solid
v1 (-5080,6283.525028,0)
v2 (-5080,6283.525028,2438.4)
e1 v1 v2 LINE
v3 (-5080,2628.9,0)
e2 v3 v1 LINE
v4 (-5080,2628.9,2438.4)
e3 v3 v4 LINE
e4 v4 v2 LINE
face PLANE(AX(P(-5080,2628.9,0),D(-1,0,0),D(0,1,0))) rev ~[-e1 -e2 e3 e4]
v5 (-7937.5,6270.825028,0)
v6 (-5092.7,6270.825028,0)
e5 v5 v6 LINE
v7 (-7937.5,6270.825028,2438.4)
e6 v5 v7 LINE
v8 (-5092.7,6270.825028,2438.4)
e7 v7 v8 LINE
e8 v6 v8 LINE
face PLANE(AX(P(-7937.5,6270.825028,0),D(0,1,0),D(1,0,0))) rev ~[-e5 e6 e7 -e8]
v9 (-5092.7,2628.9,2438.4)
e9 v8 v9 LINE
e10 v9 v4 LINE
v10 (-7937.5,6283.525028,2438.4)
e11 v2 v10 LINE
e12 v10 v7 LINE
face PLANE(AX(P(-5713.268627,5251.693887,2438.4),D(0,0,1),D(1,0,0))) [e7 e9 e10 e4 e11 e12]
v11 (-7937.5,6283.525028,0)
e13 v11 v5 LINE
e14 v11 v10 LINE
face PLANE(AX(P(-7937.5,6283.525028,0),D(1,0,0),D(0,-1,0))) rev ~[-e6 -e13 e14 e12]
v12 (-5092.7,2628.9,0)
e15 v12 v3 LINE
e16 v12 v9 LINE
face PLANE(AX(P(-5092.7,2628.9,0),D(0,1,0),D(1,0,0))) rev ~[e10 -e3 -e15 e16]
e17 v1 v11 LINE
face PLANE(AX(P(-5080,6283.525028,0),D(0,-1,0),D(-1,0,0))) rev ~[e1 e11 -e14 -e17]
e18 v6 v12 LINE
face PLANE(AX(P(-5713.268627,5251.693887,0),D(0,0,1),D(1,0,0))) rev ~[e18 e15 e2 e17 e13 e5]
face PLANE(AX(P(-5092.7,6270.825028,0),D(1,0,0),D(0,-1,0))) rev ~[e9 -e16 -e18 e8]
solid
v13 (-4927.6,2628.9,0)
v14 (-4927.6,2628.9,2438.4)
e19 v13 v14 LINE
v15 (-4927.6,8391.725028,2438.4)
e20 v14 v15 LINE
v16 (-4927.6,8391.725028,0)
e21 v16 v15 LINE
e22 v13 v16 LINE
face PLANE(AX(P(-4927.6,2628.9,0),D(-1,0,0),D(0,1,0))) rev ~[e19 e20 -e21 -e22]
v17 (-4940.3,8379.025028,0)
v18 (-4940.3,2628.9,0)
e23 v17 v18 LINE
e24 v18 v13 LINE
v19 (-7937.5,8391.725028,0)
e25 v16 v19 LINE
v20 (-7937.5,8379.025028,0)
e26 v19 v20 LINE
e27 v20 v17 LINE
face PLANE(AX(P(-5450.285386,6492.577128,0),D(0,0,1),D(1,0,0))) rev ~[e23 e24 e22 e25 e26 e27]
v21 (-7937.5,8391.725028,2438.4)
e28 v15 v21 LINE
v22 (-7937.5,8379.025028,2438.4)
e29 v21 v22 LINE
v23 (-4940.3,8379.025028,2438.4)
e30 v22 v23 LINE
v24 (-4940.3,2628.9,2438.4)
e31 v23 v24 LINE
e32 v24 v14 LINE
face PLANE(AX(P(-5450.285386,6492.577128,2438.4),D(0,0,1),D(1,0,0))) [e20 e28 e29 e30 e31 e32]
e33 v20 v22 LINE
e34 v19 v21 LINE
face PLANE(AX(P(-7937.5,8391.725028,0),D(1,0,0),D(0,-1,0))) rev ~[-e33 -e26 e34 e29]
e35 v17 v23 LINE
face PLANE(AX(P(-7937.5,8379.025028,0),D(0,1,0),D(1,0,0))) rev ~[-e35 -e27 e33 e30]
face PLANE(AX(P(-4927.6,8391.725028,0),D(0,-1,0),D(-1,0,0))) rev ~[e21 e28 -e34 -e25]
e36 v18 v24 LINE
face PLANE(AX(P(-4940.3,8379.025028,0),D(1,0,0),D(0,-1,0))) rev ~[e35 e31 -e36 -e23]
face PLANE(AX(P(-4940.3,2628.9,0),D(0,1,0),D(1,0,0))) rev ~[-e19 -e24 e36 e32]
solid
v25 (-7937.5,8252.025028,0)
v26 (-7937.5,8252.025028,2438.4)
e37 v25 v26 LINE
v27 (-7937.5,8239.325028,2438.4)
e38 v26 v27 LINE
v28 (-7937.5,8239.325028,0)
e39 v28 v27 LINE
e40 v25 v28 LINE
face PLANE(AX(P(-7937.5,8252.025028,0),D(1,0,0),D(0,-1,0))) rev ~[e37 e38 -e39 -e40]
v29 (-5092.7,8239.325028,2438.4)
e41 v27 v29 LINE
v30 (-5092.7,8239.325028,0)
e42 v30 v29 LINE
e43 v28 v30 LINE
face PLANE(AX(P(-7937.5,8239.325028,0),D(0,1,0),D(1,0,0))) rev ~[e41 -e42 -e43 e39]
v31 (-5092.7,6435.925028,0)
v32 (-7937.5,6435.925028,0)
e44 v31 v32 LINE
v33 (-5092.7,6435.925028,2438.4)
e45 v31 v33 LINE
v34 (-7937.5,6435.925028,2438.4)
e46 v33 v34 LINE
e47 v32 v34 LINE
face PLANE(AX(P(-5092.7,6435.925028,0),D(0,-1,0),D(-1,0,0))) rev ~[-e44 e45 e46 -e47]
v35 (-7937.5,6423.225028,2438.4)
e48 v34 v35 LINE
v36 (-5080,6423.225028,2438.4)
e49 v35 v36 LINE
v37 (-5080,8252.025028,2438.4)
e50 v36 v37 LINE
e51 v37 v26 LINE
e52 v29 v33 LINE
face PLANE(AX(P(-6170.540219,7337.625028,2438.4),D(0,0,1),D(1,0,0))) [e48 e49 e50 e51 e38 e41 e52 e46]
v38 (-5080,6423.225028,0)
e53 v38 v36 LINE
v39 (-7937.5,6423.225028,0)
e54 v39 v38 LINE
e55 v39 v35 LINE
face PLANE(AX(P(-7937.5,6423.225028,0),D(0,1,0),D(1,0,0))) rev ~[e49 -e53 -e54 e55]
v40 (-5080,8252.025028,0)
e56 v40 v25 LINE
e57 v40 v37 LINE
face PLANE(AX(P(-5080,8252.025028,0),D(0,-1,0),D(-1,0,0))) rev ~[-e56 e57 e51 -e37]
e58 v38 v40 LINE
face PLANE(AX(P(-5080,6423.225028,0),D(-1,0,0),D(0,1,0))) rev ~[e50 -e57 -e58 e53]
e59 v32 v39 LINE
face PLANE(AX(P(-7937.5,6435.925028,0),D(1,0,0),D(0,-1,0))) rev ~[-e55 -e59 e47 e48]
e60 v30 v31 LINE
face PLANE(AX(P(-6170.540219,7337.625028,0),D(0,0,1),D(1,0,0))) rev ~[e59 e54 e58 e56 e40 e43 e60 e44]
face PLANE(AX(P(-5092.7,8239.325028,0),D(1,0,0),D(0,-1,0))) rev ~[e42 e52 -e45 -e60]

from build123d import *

# Parameters (mm, degrees)
F1_DEPTH  = 2578.1
F2_T      = -203.2
F3_W      = 1219.2
F3_H      = 1422.4
F5_DEPTH  = 203.2
F4_W      = 139.7
F4_H      = 38.1
F4_W_2    = 38.1
F4_H_2    = 139.7
F6_DEPTH  = 2349.5
F8_DEPTH  = 2438.4
F9_DEPTH  = 152.4
F11_DEPTH = 12.7
F14_DEPTH = 2438.4


with BuildPart() as f1:
    # F0 (on Top) → F1 (new body)
    with BuildSketch(Plane.XY):
        Polygon((-2286, 16078.2), (-8280.4, 16078.2), (-8280.4, 13922.375), (-9406.501324, 13223.08125), (-9406.501324, 8900.31875), (-8280.4, 8201.025), (-8280.4, 2286), (-5283.2, 2286), (-5283.2, 0), (0, 0), (0, 7162.8), (-2286, 7162.8), align=None)
    extrude(amount=F1_DEPTH)

    # F2
    f2_openings = [f1.faces().sort_by_distance(p)[0] for p in [
        (-4762.628229, 7961.579676, 2578.1),
    ]]
    offset(amount=F2_T, openings=f2_openings)

    # F3 (on face) → F5 (cut, through all)
    with BuildSketch(Plane(origin=(0, 2489.2, 0), x_dir=(-1, 0, 0), z_dir=(0, 1, 0))):
        with Locations((6578.6, 1612.9)):
            Rectangle(F3_W, F3_H)
    extrude(amount=-F5_DEPTH, mode=Mode.SUBTRACT)

    # F4 (on face) → F6 (join)
    with BuildSketch(Plane.XY.offset(203.2)):
        with Locations((-8007.35, 13830.957576)):
            Rectangle(F4_W, F4_H)
        with Locations((-7915.91, 15805.15)):
            Rectangle(F4_W_2, F4_H_2)
        with Locations((-8007.35, 15713.71)):
            Rectangle(F4_W, F4_H)
        with Locations((-2650.49, 15805.15)):
            Rectangle(F4_W_2, F4_H_2)
        with Locations((-2559.05, 15713.71)):
            Rectangle(F4_W, F4_H)
        Polygon((-8004.521439, 13690.055561), (-8078.219463, 13808.734503), (-8110.586447, 13788.635042), (-8036.888423, 13669.9561), align=None)
        with Locations((-9133.451324, 12650.420544)):
            Rectangle(F4_W, F4_H)
        Polygon((-9129.93616, 13155.632604), (-9162.303144, 13135.533143), (-9088.60512, 13016.854201), (-9056.238136, 13036.953662), align=None)
        Polygon((-9116.524442, 9061.586174), (-9162.303144, 8987.866857), (-9129.93616, 8967.767396), (-9071.675963, 9061.586174), align=None)
        Polygon((-9203.301324, 9061.586174), (-9116.524442, 9061.586174), (-9092.864855, 9099.686174), (-9203.301324, 9099.686174), align=None)
        Polygon((-9088.60512, 9106.545799), (-9092.864855, 9099.686174), (-9077.558786, 9099.686174), align=None)
        Polygon((-9063.601324, 9074.589095), (-9071.675963, 9061.586174), (-9063.601324, 9061.586174), align=None)
        Polygon((-9063.601324, 9099.686174), (-9077.558786, 9099.686174), (-9063.601324, 9091.018778), align=None)
        Polygon((-9063.601324, 9091.018778), (-9063.601324, 9074.589095), (-9056.238136, 9086.446338), align=None)
        Polygon((-8035.86896, 8452.810827), (-8109.566984, 8334.131885), (-8077.2, 8314.032424), (-8003.501976, 8432.711366), align=None)
        with Locations((-8007.35, 8292.442424)):
            Rectangle(F4_W, F4_H)
        with Locations((-8007.35, 2650.49)):
            Rectangle(F4_W, F4_H)
        with Locations((-7915.91, 2559.05)):
            Rectangle(F4_W_2, F4_H_2)
        with Locations((-5101.59, 2559.05)):
            Rectangle(F4_W_2, F4_H_2)
        with Locations((-5010.15, 2467.61)):
            Rectangle(F4_W, F4_H)
        with Locations((-5010.15, 364.49)):
            Rectangle(F4_W, F4_H)
        with Locations((-4918.71, 273.05)):
            Rectangle(F4_W_2, F4_H_2)
        with Locations((-364.49, 273.05)):
            Rectangle(F4_W_2, F4_H_2)
        with Locations((-273.05, 364.49)):
            Rectangle(F4_W, F4_H)
        with Locations((-273.05, 6798.31)):
            Rectangle(F4_W, F4_H)
        with Locations((-364.49, 6889.75)):
            Rectangle(F4_W_2, F4_H_2)
    extrude(amount=F6_DEPTH)


with BuildPart() as f8:
    # F7 (on face) → F8 (new body)
    with BuildSketch(Plane.XY.offset(203.2)):
        Polygon((-9063.601324, 9091.018778), (-7937.5, 8391.725028), (-7937.5, 2641.6), (-7937.5, 2628.9), (-7924.8, 2628.9), (-4940.3, 2628.9), (-4940.3, 355.6), (-4940.3, 342.9), (-4927.6, 342.9), (-355.6, 342.9), (-342.9, 342.9), (-342.9, 355.6), (-342.9, 6019.579635), (-355.6, 6019.579635), (-355.6, 355.6), (-4927.6, 355.6), (-4927.6, 2628.9), (-4927.6, 2641.6), (-4940.3, 2641.6), (-7924.8, 2641.6), (-7924.8, 8391.725028), (-7924.8, 8398.787992), (-9050.901324, 9098.081742), (-9050.901324, 13025.318258), (-7924.8, 13724.612008), (-7924.8, 15722.6), (-2641.6, 15722.6), (-2641.6, 11339.577675), (-2628.9, 11339.577675), (-2628.9, 15735.3), (-7937.5, 15735.3), (-7937.5, 13731.674972), (-9063.601324, 13032.381222), align=None)
    extrude(amount=F8_DEPTH)

    # F3 (on face) → F9 (cut, through all)
    with BuildSketch(Plane(origin=(0, 2489.2, 0), x_dir=(-1, 0, 0), z_dir=(0, 1, 0))):
        with Locations((6578.6, 1612.9)):
            Rectangle(F3_W, F3_H)
    extrude(amount=F9_DEPTH, mode=Mode.SUBTRACT)


with BuildPart() as f11:
    # F10 (on Top) → F11 (new body)
    with BuildSketch(Plane.XY):
        Polygon((-8077.2, 8314.032424), (-8077.2, 2489.2), (-5080, 2489.2), (-5080, 203.2), (-203.2, 203.2), (-203.2, 5526.424885), (-342.9, 5526.424885), (-342.9, 342.9), (-4940.3, 342.9), (-4940.3, 2628.9), (-7937.5, 2628.9), (-7937.5, 8391.725028), (-9063.601324, 9091.018778), (-9063.601324, 13032.381222), (-7937.5, 13731.674972), (-7937.5, 15735.3), (-2628.9, 15735.3), (-2628.9, 11339.577675), (-2489.2, 11339.577675), (-2489.2, 15875), (-8077.2, 15875), (-8077.2, 13809.367576), (-9203.301324, 13110.073826), (-9203.301324, 9013.326174), align=None)
    extrude(amount=F11_DEPTH)


with BuildPart() as f14:
    # F13 (on Top) → F14 (new body)
    with BuildSketch(Plane.XY):
        Polygon((-5092.7, 2628.9), (-5080, 2628.9), (-5080, 6270.825028), (-5080, 6283.525028), (-5092.7, 6283.525028), (-7937.5, 6283.525028), (-7937.5, 6270.825028), (-5092.7, 6270.825028), align=None)
        Polygon((-7937.5, 6435.925028), (-7937.5, 6423.225028), (-5092.7, 6423.225028), (-5080, 6423.225028), (-5080, 6435.925028), (-5080, 8239.325028), (-5080, 8252.025028), (-5092.7, 8252.025028), (-7937.5, 8252.025028), (-7937.5, 8239.325028), (-5092.7, 8239.325028), (-5092.7, 6435.925028), align=None)
        Polygon((-4940.3, 8379.025028), (-4940.3, 2628.9), (-4927.6, 2628.9), (-4927.6, 8379.025028), (-4927.6, 8391.725028), (-4940.3, 8391.725028), (-7937.5, 8391.725028), (-7937.5, 8379.025028), align=None)
    extrude(amount=F14_DEPTH)


solid = f14.part
